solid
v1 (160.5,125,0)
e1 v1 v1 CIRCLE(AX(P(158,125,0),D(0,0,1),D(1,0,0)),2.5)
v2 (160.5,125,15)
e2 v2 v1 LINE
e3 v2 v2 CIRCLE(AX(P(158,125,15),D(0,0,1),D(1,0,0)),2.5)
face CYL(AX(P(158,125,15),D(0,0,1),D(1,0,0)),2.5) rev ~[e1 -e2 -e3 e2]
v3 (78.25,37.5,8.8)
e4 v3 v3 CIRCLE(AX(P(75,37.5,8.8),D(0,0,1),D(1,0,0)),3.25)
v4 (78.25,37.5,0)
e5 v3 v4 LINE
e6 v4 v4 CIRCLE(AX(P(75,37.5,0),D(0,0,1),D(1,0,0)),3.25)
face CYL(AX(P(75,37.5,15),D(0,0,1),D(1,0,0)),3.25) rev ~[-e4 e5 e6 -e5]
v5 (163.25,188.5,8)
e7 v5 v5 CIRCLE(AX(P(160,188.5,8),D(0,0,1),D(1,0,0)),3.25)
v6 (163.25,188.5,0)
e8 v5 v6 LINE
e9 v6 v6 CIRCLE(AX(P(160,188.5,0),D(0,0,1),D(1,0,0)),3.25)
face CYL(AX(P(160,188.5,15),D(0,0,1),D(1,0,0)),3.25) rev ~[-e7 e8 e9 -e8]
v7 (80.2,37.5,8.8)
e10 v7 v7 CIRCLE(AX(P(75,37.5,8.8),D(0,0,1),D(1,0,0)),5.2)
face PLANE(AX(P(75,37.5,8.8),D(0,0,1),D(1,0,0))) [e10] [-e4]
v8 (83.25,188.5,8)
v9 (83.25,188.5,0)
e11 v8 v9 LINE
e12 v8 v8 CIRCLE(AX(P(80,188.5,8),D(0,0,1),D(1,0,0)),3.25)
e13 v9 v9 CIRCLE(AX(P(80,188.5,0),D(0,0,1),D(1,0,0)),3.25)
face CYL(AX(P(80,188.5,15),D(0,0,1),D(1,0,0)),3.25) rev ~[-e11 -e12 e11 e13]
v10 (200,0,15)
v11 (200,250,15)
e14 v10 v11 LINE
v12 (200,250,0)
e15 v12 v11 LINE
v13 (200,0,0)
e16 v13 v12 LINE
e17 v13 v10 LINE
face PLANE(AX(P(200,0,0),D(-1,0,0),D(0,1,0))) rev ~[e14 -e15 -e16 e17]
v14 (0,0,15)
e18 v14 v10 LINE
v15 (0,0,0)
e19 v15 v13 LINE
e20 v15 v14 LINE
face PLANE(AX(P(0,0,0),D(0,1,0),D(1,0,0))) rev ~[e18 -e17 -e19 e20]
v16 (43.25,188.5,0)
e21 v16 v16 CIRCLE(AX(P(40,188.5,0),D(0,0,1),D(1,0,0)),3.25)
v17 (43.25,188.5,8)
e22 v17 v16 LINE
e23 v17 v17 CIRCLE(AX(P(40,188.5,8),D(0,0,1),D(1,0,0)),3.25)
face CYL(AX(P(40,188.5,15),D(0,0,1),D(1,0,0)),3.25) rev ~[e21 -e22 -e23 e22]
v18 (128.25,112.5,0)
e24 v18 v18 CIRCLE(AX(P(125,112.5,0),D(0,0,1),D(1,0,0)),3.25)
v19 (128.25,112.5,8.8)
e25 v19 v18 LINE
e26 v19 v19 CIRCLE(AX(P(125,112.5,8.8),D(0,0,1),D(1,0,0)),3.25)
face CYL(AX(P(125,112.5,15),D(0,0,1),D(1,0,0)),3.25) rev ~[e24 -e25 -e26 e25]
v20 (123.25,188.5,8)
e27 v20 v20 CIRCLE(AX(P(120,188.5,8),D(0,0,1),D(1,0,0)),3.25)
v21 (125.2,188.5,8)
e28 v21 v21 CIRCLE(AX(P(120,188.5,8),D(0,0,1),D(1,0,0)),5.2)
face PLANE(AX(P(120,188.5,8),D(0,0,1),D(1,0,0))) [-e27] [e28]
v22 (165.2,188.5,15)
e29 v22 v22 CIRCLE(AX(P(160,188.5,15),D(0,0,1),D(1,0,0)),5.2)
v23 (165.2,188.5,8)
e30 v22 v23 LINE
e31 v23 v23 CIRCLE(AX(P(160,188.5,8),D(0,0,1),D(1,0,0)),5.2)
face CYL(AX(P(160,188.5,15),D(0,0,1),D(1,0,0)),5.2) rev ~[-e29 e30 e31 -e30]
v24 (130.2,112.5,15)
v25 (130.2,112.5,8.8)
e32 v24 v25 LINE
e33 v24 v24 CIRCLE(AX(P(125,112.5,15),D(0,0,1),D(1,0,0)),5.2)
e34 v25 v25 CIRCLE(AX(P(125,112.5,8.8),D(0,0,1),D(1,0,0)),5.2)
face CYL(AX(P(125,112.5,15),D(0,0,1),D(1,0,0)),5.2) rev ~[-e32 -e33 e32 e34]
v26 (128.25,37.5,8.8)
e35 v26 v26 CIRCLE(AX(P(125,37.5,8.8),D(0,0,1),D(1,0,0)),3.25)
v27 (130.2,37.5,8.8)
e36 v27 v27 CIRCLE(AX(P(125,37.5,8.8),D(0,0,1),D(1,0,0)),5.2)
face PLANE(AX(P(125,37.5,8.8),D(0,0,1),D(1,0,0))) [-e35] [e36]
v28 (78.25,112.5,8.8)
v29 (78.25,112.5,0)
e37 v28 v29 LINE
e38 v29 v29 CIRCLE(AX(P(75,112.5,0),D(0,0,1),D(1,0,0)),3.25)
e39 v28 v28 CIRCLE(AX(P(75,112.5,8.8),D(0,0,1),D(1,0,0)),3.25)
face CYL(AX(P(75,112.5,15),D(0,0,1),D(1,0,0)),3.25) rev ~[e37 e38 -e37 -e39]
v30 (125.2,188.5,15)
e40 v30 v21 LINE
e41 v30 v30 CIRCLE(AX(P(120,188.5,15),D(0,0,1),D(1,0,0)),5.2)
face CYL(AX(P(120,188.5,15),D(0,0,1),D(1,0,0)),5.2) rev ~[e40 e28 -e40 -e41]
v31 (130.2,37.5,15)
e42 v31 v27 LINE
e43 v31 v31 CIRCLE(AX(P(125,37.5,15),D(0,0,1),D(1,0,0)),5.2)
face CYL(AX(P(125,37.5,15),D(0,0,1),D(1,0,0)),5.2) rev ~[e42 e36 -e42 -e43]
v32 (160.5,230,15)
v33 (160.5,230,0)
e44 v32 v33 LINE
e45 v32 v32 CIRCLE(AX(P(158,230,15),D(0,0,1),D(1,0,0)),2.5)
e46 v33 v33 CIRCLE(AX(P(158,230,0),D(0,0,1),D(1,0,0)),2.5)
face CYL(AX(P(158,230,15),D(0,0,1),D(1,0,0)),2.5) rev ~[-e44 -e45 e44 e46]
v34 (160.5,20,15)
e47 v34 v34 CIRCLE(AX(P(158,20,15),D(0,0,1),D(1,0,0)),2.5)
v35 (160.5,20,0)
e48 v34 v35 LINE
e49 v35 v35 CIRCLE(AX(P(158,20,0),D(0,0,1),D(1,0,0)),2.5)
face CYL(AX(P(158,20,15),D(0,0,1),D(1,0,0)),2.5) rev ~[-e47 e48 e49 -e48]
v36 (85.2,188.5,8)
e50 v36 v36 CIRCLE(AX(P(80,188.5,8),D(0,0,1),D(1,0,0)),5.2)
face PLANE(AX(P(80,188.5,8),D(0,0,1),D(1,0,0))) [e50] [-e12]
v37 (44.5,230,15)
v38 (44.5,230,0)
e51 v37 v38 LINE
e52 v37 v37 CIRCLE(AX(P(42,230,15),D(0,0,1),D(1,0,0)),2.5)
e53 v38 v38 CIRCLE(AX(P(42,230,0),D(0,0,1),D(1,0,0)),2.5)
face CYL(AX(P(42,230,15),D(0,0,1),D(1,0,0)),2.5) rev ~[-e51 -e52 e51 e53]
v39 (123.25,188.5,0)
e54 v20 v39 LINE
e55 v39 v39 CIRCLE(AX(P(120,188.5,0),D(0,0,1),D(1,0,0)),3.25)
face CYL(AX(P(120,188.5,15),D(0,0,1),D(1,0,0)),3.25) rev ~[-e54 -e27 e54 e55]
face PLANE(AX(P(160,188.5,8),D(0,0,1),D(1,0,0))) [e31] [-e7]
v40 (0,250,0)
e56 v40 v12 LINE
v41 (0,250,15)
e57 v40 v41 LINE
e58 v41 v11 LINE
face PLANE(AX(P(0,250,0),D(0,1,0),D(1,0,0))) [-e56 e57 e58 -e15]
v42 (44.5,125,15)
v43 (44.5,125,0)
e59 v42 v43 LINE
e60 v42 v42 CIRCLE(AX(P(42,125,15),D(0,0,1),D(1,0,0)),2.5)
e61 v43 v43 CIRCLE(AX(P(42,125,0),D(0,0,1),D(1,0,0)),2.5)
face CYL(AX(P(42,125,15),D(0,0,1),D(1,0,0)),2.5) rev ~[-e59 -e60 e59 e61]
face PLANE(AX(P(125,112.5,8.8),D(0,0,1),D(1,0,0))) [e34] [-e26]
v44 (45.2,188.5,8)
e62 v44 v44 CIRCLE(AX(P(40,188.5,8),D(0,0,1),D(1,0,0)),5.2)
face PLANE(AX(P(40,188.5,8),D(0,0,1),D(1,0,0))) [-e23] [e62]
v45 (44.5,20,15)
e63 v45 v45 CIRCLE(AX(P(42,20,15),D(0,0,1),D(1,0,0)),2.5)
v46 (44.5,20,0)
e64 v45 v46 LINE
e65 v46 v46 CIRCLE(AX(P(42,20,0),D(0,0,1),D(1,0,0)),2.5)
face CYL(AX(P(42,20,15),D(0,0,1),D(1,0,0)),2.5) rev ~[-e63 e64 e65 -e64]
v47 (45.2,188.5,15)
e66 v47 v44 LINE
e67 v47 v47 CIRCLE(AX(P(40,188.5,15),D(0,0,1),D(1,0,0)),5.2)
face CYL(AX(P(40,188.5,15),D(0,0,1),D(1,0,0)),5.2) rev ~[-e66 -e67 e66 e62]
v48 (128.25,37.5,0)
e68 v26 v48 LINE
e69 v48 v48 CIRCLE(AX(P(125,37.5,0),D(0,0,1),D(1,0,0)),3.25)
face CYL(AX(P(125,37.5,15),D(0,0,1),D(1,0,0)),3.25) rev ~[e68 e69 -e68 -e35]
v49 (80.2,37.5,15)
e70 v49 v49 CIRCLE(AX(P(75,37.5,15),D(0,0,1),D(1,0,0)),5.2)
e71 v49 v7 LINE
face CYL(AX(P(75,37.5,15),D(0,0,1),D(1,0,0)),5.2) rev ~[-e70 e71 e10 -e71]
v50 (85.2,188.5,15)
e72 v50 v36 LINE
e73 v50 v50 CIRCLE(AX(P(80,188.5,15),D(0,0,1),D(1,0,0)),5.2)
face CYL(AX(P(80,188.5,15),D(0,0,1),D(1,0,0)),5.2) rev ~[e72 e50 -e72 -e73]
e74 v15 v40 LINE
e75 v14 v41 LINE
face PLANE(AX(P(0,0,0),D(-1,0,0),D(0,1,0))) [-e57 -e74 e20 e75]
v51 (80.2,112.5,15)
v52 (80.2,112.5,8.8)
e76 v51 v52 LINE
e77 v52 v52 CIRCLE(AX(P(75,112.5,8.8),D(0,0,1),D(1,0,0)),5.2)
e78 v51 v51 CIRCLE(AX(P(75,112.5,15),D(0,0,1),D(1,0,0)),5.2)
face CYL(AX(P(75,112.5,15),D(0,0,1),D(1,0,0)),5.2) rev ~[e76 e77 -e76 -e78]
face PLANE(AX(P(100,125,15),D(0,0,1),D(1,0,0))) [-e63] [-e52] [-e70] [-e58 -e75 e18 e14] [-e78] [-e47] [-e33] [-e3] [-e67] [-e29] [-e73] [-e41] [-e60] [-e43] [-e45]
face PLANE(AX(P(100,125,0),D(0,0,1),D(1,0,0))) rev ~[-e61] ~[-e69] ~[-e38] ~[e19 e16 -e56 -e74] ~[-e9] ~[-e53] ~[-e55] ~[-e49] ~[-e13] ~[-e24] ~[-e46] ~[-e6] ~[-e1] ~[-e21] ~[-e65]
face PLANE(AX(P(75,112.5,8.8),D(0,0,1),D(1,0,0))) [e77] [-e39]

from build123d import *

# Parameters (mm, degrees)
SKETCH_W        = 200
SKETCH_H        = 250
PAD_DEPTH       = 15
SKETCH001_R     = 3.25
POCKET_DEPTH    = 15
SKETCH002_R     = 5.2
POCKET001_DEPTH = 6.2
SKETCH003_R     = 2.5
POCKET002_DEPTH = 15
SKETCH004_R     = 3.25
POCKET003_DEPTH = 15
SKETCH005_R     = 5.2
POCKET004_DEPTH = 7


with BuildPart() as part:
    # Sketch → Pad (new body)
    with BuildSketch(Plane.XY):
        with Locations((100, 125)):
            Rectangle(SKETCH_W, SKETCH_H)
    extrude(amount=PAD_DEPTH)

    # Sketch001 (on Face6 of Pad) → Pocket (cut)
    with BuildSketch(Plane.XY.offset(15)):
        with Locations((125, 37.5)):
            Circle(SKETCH001_R)
        with Locations((75, 37.5)):
            Circle(SKETCH001_R)
        with Locations((125, 112.5)):
            Circle(SKETCH001_R)
        with Locations((75, 112.5)):
            Circle(SKETCH001_R)
    extrude(amount=-POCKET_DEPTH, mode=Mode.SUBTRACT)

    # Sketch002 (on Face5 of Pocket) → Pocket001 (cut)
    with BuildSketch(Plane.XY.offset(15)):
        with Locations((75, 112.5)):
            Circle(SKETCH002_R)
        with Locations((125, 112.5)):
            Circle(SKETCH002_R)
        with Locations((75, 37.5)):
            Circle(SKETCH002_R)
        with Locations((125, 37.5)):
            Circle(SKETCH002_R)
    extrude(amount=-POCKET001_DEPTH, mode=Mode.SUBTRACT)

    # Sketch003 (on Face5 of Pocket001) → Pocket002 (cut)
    with BuildSketch(Plane.XY.offset(15)):
        with Locations((42, 230)):
            Circle(SKETCH003_R)
        with Locations((42, 125)):
            Circle(SKETCH003_R)
        with Locations((42, 20)):
            Circle(SKETCH003_R)
        with Locations((158, 230)):
            Circle(SKETCH003_R)
        with Locations((158, 125)):
            Circle(SKETCH003_R)
        with Locations((158, 20)):
            Circle(SKETCH003_R)
    extrude(amount=-POCKET002_DEPTH, mode=Mode.SUBTRACT)

    # Sketch004 (on Face5 of Pocket002) → Pocket003 (cut)
    with BuildSketch(Plane.XY.offset(15)):
        with Locations((40, 188.5)):
            Circle(SKETCH004_R)
        with Locations((80, 188.5)):
            Circle(SKETCH004_R)
        with Locations((120, 188.5)):
            Circle(SKETCH004_R)
        with Locations((160, 188.5)):
            Circle(SKETCH004_R)
    extrude(amount=-POCKET003_DEPTH, mode=Mode.SUBTRACT)

    # Sketch005 (on Face5 of Pocket003) → Pocket004 (cut)
    with BuildSketch(Plane.XY.offset(15)):
        with Locations((40, 188.5)):
            Circle(SKETCH005_R)
        with Locations((80, 188.5)):
            Circle(SKETCH005_R)
        with Locations((120, 188.5)):
            Circle(SKETCH005_R)
        with Locations((160, 188.5)):
            Circle(SKETCH005_R)
    extrude(amount=-POCKET004_DEPTH, mode=Mode.SUBTRACT)


solid = part.part
